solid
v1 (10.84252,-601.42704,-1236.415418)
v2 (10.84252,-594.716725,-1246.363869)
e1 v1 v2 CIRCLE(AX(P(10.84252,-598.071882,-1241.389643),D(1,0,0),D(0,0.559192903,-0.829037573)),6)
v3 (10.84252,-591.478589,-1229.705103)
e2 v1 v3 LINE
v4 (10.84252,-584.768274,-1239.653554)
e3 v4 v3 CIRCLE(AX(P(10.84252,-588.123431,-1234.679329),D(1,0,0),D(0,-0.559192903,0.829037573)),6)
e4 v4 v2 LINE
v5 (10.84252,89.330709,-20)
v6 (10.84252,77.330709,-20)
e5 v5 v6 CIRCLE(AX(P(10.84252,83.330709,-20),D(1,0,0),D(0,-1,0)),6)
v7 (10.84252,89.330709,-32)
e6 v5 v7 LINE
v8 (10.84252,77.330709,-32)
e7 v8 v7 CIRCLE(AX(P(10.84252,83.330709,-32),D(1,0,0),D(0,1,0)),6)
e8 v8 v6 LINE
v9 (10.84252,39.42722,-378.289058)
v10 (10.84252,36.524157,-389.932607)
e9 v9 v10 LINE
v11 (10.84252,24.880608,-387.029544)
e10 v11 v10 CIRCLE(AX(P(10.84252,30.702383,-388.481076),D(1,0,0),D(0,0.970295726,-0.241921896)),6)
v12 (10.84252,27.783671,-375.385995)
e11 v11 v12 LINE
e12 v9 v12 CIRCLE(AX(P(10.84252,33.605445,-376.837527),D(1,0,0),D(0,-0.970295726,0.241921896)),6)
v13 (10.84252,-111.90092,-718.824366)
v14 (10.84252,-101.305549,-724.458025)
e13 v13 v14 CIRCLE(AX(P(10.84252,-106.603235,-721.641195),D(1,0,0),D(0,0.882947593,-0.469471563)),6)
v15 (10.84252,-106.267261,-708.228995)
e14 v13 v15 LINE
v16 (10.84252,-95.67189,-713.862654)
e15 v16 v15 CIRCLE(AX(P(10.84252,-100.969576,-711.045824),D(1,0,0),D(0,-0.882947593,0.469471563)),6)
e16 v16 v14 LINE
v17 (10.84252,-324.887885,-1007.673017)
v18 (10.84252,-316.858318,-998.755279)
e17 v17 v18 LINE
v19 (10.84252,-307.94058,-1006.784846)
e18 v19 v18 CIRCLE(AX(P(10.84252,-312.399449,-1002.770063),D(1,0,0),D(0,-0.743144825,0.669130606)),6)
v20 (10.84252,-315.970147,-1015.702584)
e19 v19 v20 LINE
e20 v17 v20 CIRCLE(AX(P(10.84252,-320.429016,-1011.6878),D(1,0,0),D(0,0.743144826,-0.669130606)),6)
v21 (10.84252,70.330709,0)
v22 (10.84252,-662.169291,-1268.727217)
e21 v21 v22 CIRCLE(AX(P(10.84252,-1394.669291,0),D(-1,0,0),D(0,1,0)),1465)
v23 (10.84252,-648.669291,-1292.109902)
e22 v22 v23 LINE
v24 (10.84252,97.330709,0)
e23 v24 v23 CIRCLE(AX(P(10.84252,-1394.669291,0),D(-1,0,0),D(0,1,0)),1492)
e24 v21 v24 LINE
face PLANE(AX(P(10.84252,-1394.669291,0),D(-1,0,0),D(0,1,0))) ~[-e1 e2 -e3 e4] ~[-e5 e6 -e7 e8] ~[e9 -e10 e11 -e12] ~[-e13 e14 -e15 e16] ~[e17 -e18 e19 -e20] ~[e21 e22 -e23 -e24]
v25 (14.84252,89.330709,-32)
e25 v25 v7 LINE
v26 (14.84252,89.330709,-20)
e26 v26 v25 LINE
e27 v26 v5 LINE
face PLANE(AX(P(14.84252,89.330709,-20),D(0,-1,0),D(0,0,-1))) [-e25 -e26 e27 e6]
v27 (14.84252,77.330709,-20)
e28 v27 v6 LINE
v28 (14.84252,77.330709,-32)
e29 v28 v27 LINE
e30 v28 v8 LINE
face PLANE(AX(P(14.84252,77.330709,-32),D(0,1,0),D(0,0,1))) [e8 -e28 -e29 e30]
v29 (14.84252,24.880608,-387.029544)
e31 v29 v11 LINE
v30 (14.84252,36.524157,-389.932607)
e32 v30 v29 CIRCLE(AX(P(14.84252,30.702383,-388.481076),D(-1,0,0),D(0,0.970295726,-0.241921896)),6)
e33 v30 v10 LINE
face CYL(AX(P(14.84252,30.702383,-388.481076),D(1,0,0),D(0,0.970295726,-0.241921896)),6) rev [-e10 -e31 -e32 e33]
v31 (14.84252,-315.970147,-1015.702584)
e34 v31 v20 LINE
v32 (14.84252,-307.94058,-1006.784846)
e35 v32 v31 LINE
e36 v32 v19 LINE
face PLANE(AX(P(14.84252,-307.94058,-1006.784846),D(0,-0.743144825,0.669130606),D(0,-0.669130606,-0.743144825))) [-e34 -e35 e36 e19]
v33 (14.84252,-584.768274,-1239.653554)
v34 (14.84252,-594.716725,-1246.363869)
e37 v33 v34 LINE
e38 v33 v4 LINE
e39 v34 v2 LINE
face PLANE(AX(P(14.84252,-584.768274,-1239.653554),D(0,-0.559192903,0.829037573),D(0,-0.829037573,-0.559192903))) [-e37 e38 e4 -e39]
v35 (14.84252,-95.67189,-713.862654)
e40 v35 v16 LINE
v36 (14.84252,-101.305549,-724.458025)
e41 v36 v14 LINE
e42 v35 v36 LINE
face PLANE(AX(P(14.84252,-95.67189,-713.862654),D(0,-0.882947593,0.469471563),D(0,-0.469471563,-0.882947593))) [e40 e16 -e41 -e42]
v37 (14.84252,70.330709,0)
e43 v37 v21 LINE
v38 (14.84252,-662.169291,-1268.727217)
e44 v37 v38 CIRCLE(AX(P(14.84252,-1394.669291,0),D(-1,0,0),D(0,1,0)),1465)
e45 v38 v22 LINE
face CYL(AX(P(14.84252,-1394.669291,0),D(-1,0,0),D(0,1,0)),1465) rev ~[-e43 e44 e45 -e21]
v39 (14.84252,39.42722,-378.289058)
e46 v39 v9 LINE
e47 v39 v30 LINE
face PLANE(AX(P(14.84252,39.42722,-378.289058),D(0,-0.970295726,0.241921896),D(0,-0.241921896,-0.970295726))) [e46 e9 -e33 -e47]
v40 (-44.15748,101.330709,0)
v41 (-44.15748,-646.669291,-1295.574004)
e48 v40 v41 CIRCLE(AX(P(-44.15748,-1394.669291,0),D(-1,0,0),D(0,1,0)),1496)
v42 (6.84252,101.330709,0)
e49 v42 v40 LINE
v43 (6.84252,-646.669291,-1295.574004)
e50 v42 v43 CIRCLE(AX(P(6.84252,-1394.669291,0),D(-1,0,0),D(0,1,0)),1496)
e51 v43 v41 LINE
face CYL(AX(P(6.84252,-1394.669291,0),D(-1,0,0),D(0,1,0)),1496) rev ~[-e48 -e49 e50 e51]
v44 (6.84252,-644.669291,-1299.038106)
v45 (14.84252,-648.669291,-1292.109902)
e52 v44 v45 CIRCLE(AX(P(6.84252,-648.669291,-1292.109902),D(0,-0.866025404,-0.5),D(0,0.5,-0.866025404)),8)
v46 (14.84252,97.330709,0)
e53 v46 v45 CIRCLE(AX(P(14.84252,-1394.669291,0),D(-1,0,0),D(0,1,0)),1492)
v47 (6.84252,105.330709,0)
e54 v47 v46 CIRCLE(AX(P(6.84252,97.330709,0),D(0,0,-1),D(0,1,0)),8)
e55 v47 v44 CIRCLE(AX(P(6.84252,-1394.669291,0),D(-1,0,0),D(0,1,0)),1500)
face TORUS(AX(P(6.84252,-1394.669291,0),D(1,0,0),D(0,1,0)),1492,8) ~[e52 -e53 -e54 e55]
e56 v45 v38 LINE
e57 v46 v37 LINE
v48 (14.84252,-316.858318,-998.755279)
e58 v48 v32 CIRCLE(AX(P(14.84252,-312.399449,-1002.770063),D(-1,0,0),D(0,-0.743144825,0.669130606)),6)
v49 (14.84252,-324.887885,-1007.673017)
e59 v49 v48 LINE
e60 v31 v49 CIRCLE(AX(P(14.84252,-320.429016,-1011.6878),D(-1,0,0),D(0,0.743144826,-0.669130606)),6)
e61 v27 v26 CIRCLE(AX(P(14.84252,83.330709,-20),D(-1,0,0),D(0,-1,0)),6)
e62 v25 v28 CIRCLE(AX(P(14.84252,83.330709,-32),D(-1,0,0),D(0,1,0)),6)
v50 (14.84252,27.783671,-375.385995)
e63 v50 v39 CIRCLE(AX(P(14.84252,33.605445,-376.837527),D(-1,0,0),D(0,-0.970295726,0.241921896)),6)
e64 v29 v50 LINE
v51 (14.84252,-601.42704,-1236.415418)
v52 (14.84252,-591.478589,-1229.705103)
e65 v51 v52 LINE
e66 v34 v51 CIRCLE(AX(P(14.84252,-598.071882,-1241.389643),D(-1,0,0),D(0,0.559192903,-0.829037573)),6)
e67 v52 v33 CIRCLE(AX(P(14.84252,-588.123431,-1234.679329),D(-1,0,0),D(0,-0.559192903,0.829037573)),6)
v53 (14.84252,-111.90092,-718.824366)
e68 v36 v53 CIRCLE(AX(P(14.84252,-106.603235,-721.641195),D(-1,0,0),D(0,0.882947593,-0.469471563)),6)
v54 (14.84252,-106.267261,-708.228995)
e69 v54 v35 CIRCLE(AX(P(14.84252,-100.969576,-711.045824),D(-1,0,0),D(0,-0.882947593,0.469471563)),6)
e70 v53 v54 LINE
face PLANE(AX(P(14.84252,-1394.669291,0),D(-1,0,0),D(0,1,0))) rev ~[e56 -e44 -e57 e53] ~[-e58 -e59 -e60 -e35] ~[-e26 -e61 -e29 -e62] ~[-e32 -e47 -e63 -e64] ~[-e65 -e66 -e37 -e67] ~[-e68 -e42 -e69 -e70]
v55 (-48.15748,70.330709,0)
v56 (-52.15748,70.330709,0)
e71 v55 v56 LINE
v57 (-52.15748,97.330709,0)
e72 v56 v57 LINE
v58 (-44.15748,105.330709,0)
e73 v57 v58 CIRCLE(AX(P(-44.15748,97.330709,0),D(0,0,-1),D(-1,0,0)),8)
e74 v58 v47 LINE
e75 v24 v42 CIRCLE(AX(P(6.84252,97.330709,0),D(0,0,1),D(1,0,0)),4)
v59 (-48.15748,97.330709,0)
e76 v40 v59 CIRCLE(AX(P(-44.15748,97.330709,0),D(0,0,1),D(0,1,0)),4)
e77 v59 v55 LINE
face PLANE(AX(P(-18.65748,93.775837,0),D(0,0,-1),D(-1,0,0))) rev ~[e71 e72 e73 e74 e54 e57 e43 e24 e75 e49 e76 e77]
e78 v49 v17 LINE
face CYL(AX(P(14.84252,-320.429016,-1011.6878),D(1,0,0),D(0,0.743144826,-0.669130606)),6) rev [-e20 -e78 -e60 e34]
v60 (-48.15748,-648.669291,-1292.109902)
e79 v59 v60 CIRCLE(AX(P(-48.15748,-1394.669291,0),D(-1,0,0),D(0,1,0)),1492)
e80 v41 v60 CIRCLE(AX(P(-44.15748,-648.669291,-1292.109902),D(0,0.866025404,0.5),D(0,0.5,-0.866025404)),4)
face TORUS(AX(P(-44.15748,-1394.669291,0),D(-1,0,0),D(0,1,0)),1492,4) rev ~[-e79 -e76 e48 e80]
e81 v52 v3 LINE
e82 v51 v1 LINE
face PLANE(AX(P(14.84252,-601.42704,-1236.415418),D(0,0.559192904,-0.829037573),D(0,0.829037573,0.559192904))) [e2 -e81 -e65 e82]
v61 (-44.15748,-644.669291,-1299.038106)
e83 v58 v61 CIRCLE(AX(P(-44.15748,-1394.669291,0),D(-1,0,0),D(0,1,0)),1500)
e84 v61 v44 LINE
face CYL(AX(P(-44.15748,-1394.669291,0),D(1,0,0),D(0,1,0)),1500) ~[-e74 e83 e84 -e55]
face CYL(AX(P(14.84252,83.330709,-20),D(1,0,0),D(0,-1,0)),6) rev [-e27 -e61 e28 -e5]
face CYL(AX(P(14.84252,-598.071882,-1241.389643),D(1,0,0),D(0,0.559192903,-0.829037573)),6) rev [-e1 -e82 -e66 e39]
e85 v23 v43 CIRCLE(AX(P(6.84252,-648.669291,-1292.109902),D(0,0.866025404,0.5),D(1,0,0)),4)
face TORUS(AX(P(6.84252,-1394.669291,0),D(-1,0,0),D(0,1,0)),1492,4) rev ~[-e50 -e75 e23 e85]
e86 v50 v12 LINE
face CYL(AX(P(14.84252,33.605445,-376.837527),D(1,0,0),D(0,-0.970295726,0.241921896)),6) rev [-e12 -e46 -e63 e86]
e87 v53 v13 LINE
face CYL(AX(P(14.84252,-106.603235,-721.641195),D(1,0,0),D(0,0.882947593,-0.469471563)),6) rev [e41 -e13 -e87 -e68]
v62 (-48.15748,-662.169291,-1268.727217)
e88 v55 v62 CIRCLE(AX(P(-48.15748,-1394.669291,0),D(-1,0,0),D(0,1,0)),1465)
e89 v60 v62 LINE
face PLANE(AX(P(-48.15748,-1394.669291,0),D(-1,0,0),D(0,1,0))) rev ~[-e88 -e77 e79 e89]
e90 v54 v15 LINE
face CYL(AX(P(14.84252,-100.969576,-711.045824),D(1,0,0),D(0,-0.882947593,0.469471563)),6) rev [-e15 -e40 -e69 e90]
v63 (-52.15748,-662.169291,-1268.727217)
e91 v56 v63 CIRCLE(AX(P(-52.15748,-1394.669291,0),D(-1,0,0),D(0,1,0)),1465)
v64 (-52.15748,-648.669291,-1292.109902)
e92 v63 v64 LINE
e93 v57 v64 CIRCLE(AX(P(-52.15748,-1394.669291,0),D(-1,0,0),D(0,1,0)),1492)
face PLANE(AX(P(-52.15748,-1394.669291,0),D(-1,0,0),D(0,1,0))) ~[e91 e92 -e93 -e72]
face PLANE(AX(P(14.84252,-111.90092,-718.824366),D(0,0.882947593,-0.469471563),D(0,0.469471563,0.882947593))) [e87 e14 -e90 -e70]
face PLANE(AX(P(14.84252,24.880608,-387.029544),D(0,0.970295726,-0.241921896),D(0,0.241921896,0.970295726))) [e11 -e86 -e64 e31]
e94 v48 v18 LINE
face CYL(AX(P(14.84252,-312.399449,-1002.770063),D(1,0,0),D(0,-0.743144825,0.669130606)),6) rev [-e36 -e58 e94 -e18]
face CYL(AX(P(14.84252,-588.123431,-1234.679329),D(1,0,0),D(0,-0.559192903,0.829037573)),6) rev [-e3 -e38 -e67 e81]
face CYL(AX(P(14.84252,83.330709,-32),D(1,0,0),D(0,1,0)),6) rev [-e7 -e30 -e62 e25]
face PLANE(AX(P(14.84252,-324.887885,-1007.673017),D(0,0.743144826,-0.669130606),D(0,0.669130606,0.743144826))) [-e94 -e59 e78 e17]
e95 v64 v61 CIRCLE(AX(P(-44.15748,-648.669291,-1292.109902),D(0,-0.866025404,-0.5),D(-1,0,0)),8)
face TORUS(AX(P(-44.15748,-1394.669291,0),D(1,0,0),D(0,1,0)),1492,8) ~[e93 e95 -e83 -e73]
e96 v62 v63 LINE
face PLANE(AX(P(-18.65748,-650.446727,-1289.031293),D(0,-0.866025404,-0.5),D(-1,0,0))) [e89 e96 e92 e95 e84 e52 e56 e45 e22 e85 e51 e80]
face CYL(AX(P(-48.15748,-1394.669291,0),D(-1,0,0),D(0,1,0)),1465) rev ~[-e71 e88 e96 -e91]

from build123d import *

# Parameters (mm, degrees)
REVOLVE1_ANGLE     = 60
CUT_EXTRUDE1_DEPTH = 10


with BuildPart() as part:
    # Sketch1 → Revolve1 (revolve)
    with BuildSketch(Plane.XY):
        with BuildLine():
            ThreePointArc((-52.157480315, 97.330708661), (-49.814334564, 102.987562911), (-44.157480315, 105.330708661))
            Line((-44.157480315, 105.330708661), (6.842519685, 105.330708661))
            ThreePointArc((6.842519685, 105.330708661), (12.499373935, 102.987562911), (14.842519685, 97.330708661))
            Line((14.842519685, 97.330708661), (14.842519685, 70.330708661))
            Line((14.842519685, 70.330708661), (10.842519685, 70.330708661))
            Line((10.842519685, 70.330708661), (10.842519685, 97.330708661))
            ThreePointArc((10.842519685, 97.330708661), (9.67094681, 100.159135786), (6.842519685, 101.330708661))
            Line((6.842519685, 101.330708661), (-44.157480315, 101.330708661))
            ThreePointArc((-44.157480315, 101.330708661), (-46.98590744, 100.159135786), (-48.157480315, 97.330708661))
            Line((-48.157480315, 97.330708661), (-48.157480315, 70.330708661))
            Line((-48.157480315, 70.330708661), (-52.157480315, 70.330708661))
            Line((-52.157480315, 70.330708661), (-52.157480315, 97.330708661))
        make_face()
    revolve(axis=Axis((14.842519685, -1394.669291339, 0), (-1, 0, 0)), revolution_arc=REVOLVE1_ANGLE)

    # Sketch2 → Cut-Extrude1 (cut)
    with BuildSketch(Plane(origin=(14.842519685, 0, 0), x_dir=(0, 0, -1), z_dir=(1, 0, 0))):
        with BuildLine():
            Line((20, 89.330708661), (32, 89.330708661))
            ThreePointArc((32, 89.330708661), (38, 83.330708661), (32, 77.330708661))
            Line((32, 77.330708661), (20, 77.330708661))
            ThreePointArc((20, 77.330708661), (14, 83.330708661), (20, 89.330708661))
        make_face()
        with BuildLine():
            Line((378.289058205, 39.427219846), (389.93260692, 36.524157099))
            ThreePointArc((389.93260692, 36.524157099), (394.302849904, 29.250851367), (387.029544173, 24.880608383))
            Line((387.029544173, 24.880608383), (375.385995457, 27.783671131))
            ThreePointArc((375.385995457, 27.783671131), (371.015752473, 35.056976862), (378.289058205, 39.427219846))
        make_face()
        with BuildLine():
            Line((713.862653541, -95.671890212), (724.458024655, -101.305548965))
            ThreePointArc((724.458024655, -101.305548965), (726.938880836, -109.420063899), (718.824365902, -111.900920079))
            Line((718.824365902, -111.900920079), (708.228994787, -106.267261326))
            ThreePointArc((708.228994787, -106.267261326), (705.748138607, -98.152746392), (713.862653541, -95.671890212))
        make_face()
        with BuildLine():
            Line((1006.784846148, -307.940579621), (1015.702584053, -315.970146897))
            ThreePointArc((1015.702584053, -315.970146897), (1016.146669368, -324.443799488), (1007.673016777, -324.887884803))
            Line((1007.673016777, -324.887884803), (998.755278871, -316.858317527))
            ThreePointArc((998.755278871, -316.858317527), (998.311193557, -308.384664936), (1006.784846148, -307.940579621))
        make_face()
        with BuildLine():
            Line((1239.653554047, -584.768273876), (1246.363868889, -594.716724747))
            ThreePointArc((1246.363868889, -594.716724747), (1244.744800874, -603.046107603), (1236.415418018, -601.427039588))
            Line((1236.415418018, -601.427039588), (1229.705103176, -591.478588718))
            ThreePointArc((1229.705103176, -591.478588718), (1231.324171191, -583.149205861), (1239.653554047, -584.768273876))
        make_face()
        with BuildLine():
            Line((1398.634385557, -909.709041767), (1402.738627277, -920.985353216))
            ThreePointArc((1402.738627277, -920.985353216), (1399.152592412, -928.675629801), (1391.462315827, -925.089594936))
            Line((1391.462315827, -925.089594936), (1387.358074107, -913.813283487))
            ThreePointArc((1387.358074107, -913.813283487), (1390.944108972, -906.123006902), (1398.634385557, -909.709041767))
        make_face()
    extrude(amount=-CUT_EXTRUDE1_DEPTH, mode=Mode.SUBTRACT)


solid = part.part
